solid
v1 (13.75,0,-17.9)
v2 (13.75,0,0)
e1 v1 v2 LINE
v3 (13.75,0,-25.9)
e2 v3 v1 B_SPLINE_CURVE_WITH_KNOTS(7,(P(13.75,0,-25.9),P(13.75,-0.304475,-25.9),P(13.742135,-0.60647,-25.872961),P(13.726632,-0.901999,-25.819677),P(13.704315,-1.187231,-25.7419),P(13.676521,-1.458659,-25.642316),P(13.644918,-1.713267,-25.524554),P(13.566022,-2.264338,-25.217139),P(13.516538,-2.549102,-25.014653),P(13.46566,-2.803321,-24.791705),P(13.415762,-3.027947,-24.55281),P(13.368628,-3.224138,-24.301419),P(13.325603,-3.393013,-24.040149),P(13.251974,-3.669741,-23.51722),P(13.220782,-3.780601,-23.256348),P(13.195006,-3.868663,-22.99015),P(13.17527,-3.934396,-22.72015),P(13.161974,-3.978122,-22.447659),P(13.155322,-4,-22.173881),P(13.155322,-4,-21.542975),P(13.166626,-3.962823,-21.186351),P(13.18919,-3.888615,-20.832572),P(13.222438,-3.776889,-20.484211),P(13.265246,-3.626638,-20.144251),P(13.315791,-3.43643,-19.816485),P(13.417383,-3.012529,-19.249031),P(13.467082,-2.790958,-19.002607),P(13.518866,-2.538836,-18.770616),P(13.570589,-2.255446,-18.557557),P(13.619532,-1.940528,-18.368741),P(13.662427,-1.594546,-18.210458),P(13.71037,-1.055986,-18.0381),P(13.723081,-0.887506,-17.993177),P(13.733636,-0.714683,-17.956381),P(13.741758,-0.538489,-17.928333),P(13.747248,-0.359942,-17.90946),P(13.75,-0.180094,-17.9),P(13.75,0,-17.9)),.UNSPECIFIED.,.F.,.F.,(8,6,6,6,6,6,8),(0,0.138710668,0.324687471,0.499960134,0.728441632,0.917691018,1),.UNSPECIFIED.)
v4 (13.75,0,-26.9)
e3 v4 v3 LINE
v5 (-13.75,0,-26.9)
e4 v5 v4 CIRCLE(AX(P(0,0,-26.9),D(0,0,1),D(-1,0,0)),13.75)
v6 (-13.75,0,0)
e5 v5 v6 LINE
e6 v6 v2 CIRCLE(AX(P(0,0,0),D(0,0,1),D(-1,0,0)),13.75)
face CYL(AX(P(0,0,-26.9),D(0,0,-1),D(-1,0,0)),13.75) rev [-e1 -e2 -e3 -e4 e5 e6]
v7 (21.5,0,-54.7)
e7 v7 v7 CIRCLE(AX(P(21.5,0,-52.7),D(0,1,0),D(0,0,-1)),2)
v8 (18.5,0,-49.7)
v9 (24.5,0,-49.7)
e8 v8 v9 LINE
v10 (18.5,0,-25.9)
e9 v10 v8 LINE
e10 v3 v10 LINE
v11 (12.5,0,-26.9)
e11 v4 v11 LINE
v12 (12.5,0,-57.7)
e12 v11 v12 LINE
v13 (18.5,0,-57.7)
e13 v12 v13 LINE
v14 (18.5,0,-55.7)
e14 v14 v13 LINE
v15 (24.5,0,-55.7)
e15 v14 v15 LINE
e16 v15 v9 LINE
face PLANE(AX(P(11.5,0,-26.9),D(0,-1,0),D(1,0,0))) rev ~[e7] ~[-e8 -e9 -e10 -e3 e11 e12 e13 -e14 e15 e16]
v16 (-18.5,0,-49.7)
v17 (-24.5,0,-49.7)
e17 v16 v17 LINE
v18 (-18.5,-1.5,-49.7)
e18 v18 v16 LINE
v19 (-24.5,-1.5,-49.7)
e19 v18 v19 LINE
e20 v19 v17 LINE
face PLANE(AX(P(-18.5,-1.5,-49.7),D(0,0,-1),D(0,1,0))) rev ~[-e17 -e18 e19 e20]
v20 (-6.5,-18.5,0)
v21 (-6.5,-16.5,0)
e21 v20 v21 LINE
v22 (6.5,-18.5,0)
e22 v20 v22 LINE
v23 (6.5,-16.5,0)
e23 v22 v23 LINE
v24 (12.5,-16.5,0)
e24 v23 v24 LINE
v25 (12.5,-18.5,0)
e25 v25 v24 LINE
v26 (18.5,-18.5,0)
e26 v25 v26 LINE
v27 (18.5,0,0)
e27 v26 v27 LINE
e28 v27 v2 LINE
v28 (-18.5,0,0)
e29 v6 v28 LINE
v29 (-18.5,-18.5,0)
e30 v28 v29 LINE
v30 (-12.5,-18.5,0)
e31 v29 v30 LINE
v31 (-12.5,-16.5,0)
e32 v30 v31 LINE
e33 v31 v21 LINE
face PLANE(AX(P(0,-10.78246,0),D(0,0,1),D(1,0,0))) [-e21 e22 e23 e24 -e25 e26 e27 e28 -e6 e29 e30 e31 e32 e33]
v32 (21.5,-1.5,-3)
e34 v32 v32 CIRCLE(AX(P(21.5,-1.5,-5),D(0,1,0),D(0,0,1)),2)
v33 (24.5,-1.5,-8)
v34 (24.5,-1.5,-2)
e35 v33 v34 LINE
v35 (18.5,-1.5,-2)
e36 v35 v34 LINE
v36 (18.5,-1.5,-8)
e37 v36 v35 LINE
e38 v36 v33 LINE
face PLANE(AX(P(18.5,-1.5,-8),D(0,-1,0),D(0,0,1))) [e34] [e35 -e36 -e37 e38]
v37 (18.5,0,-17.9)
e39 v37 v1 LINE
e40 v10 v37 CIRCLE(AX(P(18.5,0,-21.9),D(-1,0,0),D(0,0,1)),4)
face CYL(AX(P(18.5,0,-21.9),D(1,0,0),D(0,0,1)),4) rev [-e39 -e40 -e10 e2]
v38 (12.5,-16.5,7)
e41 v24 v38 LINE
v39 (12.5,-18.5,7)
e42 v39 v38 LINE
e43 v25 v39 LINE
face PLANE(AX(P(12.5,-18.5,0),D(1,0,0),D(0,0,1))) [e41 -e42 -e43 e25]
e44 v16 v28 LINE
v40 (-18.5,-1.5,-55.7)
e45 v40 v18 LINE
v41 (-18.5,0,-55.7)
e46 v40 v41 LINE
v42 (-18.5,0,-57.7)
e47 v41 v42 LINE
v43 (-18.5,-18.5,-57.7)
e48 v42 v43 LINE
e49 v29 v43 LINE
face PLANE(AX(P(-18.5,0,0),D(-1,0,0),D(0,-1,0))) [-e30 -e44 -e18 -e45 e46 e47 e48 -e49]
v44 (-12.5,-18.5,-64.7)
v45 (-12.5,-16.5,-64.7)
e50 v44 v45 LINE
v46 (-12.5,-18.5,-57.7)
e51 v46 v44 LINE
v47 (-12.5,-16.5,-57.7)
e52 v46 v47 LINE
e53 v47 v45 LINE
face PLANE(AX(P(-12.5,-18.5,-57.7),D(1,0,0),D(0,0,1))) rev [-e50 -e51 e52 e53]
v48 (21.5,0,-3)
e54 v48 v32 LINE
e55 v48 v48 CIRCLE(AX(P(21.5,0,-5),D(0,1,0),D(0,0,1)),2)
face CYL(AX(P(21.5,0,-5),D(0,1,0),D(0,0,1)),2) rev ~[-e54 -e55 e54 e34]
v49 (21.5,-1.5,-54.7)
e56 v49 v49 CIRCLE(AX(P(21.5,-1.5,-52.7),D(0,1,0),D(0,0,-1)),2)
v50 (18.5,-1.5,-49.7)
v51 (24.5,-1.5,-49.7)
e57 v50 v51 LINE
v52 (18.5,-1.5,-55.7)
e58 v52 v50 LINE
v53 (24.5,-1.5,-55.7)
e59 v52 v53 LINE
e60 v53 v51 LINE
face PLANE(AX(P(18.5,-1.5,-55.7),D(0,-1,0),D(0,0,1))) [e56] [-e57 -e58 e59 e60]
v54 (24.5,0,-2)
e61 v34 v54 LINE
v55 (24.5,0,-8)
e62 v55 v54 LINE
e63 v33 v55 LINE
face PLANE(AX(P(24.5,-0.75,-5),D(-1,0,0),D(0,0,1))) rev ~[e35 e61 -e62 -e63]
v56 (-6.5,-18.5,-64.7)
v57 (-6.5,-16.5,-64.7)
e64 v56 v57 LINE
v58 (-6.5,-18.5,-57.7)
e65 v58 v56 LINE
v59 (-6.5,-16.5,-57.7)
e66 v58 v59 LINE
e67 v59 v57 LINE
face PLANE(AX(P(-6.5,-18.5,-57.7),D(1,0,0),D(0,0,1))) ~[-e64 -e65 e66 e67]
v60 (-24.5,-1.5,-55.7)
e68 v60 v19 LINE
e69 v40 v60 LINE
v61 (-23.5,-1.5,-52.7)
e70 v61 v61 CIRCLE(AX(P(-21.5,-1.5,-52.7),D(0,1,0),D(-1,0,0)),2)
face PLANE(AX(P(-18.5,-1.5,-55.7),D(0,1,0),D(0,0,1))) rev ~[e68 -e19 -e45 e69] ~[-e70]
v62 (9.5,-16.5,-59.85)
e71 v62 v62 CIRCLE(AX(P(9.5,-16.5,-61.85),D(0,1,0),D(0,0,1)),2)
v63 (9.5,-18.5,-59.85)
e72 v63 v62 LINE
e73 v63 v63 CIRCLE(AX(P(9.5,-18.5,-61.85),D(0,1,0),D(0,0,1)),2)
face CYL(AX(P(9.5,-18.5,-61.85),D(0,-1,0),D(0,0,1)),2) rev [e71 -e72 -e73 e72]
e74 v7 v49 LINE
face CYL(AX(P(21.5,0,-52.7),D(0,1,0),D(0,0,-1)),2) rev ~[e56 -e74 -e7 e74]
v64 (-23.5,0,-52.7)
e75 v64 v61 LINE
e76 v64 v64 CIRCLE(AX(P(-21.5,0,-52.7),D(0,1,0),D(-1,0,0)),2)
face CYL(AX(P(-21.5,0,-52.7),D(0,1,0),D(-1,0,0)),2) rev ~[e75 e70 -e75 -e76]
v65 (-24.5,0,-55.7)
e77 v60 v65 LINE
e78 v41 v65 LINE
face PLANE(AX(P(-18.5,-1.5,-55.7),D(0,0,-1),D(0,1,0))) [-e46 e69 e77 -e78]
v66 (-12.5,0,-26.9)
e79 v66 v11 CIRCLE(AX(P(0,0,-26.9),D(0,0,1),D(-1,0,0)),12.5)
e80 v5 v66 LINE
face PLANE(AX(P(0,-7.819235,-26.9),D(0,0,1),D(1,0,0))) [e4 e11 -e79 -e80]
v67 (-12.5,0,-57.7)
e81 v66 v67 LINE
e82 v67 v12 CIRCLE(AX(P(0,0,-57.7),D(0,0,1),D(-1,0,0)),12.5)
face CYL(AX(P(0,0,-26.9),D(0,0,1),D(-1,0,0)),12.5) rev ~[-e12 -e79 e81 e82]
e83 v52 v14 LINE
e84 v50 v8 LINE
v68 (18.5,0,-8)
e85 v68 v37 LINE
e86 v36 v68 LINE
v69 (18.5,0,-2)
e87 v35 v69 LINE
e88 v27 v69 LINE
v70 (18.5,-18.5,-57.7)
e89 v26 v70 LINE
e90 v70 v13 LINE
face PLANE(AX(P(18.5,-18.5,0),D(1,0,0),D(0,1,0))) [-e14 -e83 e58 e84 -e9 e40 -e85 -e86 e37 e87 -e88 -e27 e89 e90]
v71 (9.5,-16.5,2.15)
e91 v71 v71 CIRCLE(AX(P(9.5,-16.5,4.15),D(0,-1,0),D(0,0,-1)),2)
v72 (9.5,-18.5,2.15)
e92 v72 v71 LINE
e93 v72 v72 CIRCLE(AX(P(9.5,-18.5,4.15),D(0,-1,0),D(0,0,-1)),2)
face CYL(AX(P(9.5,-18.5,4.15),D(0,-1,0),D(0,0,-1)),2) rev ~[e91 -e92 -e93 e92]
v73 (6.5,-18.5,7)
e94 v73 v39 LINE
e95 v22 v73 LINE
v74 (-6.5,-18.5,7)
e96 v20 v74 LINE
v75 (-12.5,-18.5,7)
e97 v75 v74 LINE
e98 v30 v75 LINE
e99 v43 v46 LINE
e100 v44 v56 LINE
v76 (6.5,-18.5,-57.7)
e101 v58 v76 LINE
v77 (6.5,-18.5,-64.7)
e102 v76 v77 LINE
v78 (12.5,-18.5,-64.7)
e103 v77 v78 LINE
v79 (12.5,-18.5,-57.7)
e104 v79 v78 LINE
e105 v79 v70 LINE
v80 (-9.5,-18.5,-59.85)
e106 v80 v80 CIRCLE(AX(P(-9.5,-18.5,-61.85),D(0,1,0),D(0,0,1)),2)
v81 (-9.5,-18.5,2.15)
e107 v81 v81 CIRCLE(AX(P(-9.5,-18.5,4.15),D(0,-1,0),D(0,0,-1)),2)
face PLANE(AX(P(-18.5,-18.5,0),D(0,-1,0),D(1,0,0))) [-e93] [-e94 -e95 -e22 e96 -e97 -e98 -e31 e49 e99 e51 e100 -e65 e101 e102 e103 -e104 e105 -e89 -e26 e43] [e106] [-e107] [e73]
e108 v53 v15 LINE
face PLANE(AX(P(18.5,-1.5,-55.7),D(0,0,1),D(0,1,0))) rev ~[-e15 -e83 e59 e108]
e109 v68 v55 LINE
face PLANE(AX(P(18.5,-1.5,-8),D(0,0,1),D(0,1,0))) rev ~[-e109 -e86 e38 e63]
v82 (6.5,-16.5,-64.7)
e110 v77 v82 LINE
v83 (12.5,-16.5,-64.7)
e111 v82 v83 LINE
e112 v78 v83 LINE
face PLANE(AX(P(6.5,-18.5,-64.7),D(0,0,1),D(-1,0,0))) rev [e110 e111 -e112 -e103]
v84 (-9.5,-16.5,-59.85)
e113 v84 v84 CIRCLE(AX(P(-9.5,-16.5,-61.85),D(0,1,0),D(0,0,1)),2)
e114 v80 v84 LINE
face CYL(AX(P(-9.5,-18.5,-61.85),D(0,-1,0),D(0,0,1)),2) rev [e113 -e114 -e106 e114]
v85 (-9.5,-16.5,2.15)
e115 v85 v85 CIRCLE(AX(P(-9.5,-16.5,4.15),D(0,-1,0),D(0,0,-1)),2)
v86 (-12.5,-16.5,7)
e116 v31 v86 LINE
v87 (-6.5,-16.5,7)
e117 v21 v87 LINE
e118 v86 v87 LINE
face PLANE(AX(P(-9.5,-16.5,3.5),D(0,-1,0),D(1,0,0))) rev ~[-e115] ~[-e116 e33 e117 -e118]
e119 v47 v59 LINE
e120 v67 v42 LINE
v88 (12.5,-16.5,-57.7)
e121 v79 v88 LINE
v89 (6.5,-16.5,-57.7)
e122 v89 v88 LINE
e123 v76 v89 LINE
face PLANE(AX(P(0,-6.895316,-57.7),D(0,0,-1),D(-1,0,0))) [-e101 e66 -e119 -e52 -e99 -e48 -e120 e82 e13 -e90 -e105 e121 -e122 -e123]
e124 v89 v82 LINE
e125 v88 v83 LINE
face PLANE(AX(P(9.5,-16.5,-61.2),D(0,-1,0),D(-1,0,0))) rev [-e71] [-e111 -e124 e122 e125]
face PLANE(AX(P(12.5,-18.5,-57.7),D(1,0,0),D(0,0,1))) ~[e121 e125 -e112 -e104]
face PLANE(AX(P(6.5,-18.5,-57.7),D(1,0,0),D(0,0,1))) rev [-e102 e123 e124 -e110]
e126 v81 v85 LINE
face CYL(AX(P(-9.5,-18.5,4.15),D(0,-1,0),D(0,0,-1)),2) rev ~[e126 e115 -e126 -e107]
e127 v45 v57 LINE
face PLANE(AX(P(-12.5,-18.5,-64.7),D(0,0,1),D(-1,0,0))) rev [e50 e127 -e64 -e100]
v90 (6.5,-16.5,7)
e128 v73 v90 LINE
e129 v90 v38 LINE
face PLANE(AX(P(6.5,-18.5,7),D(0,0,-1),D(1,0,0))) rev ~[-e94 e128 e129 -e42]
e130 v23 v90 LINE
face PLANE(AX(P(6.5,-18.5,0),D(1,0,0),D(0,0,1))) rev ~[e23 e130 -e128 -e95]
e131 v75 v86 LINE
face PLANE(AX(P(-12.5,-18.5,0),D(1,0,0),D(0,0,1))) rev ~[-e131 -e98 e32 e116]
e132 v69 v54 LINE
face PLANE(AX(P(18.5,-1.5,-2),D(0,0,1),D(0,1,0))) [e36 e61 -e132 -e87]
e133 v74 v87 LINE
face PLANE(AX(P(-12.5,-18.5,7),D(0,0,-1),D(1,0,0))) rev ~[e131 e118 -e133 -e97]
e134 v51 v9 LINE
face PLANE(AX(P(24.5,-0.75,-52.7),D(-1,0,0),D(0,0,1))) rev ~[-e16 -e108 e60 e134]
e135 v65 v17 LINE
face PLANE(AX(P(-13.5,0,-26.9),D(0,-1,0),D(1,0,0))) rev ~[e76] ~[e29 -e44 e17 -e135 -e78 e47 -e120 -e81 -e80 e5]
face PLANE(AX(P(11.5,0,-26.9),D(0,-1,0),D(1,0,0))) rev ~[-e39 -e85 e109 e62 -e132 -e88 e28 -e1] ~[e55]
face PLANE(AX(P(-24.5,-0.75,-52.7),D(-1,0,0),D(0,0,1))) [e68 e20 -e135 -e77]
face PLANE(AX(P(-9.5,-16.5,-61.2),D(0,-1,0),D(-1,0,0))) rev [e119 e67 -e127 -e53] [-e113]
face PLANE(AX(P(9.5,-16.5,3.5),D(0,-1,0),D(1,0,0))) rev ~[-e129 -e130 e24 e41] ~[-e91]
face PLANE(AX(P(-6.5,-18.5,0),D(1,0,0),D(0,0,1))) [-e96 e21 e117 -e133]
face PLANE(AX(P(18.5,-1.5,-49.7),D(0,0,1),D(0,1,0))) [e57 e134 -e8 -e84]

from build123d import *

# Parameters (mm, degrees)
EXTRUDE_1_DEPTH     = 57.7
EXTRUDE_2_DEPTH     = 30.8
SKETCH_5_R          = 4
CUT_EXTRUDE_1_DEPTH = 15
SKETCH_7_W          = 6
SKETCH_7_H          = 7
SKETCH_7_R          = 2
EXTRUDE_3_DEPTH     = 2
SKETCH_8_W          = 6
SKETCH_8_H          = 1.5
EXTRUDE_4_DEPTH     = 6
EXTRUDE_START       = -37
SKETCH_8_3_W        = 6
SKETCH_8_3_H        = 1.5
EXTRUDE_5_DEPTH     = 6
SKETCH_9_R          = 2
CUT_EXTRUDE_2_DEPTH = 6
CUT_EXTRUDE_START   = -26.9
CUT_EXTRUDE_3_DEPTH = 26.9
CUT_EXTRUDE_4_DEPTH = 49.696406438
SKETCH_12_W         = 6
SKETCH_12_H         = 6
CUT_EXTRUDE_5_DEPTH = 10


with BuildPart() as part:
    # 스케치1 → 보스-돌출1 (new body)
    with BuildSketch(Plane.XY):
        with BuildLine():
            Line((-13.5, 0), (-18.5, 0))
            Line((-18.5, 0), (-18.5, -18.5))
            Line((-18.5, -18.5), (18.5, -18.5))
            Line((18.5, -18.5), (18.5, 0))
            Line((18.5, 0), (13.5, 0))
            ThreePointArc((13.5, 0), (0, -13.5), (-13.5, 0))
        make_face()
    extrude(amount=-EXTRUDE_1_DEPTH)

    # 스케치3 → 보스-돌출2 (add)
    with BuildSketch(Plane.XY.offset(-26.9)):
        with BuildLine():
            Line((-13.5, 0), (-11.5, 0))
            ThreePointArc((-11.5, 0), (0, -11.5), (11.5, 0))
            Line((11.5, 0), (13.5, 0))
            ThreePointArc((13.5, 0), (0, -13.5), (-13.5, 0))
        make_face()
    extrude(amount=-EXTRUDE_2_DEPTH)

    # 스케치5 → 컷-돌출1 (cut)
    with BuildSketch(Plane.ZY.offset(-18.5)):
        with Locations((-21.9, 0)):
            Circle(SKETCH_5_R)
    extrude(amount=CUT_EXTRUDE_1_DEPTH, mode=Mode.SUBTRACT)

    # 스케치7 → 보스-돌출3 (add)
    # profile 1 of 2: a face of its own
    with BuildSketch(Plane.XZ.offset(18.5)):
        with Locations((9.5, 3.5)):
            Rectangle(SKETCH_7_W, SKETCH_7_H)
        with Locations(Location((9.5, 4.15, 0), (0, 0, 270))):
            Circle(SKETCH_7_R, mode=Mode.SUBTRACT)
    # profile 2 of 2: a face of its own
    with BuildSketch(Plane.XZ.offset(18.5)):
        with Locations((-9.5, 3.5)):
            Rectangle(SKETCH_7_W, SKETCH_7_H)
        with Locations(Location((-9.5, 4.15, 0), (0, 0, 270))):
            Circle(SKETCH_7_R, mode=Mode.SUBTRACT)
    extrude_3 = extrude(amount=-EXTRUDE_3_DEPTH)

    # 대칭 복사1: 보스-돌출3 across plane
    add(extrude_3.mirror(Plane.XY.offset(-28.85)))

    # 스케치8 → 보스-돌출4 (add)
    with BuildSketch(Plane.ZY.offset(18.5)):
        with Locations((-5, -0.75)):
            Rectangle(SKETCH_8_W, SKETCH_8_H)
        with Locations((-52.7, -0.75)):
            Rectangle(SKETCH_8_W, SKETCH_8_H)
    extrude(amount=EXTRUDE_4_DEPTH)

    # 스케치8<3> → 보스-돌출5 (add)
    with BuildSketch(Plane.ZY.offset(18.5).offset(EXTRUDE_START)):
        with Locations((-5, -0.75)):
            Rectangle(SKETCH_8_3_W, SKETCH_8_3_H)
        with Locations((-52.7, -0.75)):
            Rectangle(SKETCH_8_3_W, SKETCH_8_3_H)
    extrude(amount=-EXTRUDE_5_DEPTH)

    # 스케치9 → 컷-돌출2 (cut)
    with BuildSketch(Plane(origin=(0, 0, 0), x_dir=(1, 0, 0), z_dir=(0, 1, 0))):
        with Locations(Location((-21.5, 52.7, 0), (0, 0, 180))):
            Circle(SKETCH_9_R)
        with Locations(Location((-21.5, 5, 0), (0, 0, 180))):
            Circle(SKETCH_9_R)
        with Locations(Location((21.5, 5, 0), (0, 0, 270))):
            Circle(SKETCH_9_R)
        with Locations(Location((21.5, 52.7, 0), (0, 0, 90))):
            Circle(SKETCH_9_R)
    extrude(amount=-CUT_EXTRUDE_2_DEPTH, mode=Mode.SUBTRACT)

    # 스케치10 → 컷-돌출3 (cut)
    with BuildSketch(Plane.XY.offset(CUT_EXTRUDE_START)):
        with BuildLine():
            Line((-13.5, 0), (-13.75, 0))
            ThreePointArc((-13.75, 0), (0, -13.75), (13.75, 0))
            Line((13.75, 0), (13.5, 0))
            ThreePointArc((13.5, 0), (0, -13.5), (-13.5, 0))
        make_face()
    extrude(amount=CUT_EXTRUDE_3_DEPTH, mode=Mode.SUBTRACT)

    # 스케치11 → 컷-돌출4 (cut, through all)
    with BuildSketch(Plane.XY.offset(-26.9)):
        with BuildLine():
            ThreePointArc((11.5, 0), (0, -11.5), (-11.5, 0))
            Line((-11.5, 0), (-12.5, 0))
            ThreePointArc((-12.5, 0), (0, -12.5), (12.5, 0))
            Line((12.5, 0), (11.5, 0))
        make_face()
    extrude(amount=-CUT_EXTRUDE_4_DEPTH, mode=Mode.SUBTRACT)

    # 스케치12 → 컷-돌출5 (cut)
    with BuildSketch(Plane(origin=(0, 0, 0), x_dir=(1, 0, 0), z_dir=(0, 1, 0))):
        with Locations((-21.5, 5)):
            Rectangle(SKETCH_12_W, SKETCH_12_H)
    extrude(amount=-CUT_EXTRUDE_5_DEPTH, mode=Mode.SUBTRACT)


solid = part.part
